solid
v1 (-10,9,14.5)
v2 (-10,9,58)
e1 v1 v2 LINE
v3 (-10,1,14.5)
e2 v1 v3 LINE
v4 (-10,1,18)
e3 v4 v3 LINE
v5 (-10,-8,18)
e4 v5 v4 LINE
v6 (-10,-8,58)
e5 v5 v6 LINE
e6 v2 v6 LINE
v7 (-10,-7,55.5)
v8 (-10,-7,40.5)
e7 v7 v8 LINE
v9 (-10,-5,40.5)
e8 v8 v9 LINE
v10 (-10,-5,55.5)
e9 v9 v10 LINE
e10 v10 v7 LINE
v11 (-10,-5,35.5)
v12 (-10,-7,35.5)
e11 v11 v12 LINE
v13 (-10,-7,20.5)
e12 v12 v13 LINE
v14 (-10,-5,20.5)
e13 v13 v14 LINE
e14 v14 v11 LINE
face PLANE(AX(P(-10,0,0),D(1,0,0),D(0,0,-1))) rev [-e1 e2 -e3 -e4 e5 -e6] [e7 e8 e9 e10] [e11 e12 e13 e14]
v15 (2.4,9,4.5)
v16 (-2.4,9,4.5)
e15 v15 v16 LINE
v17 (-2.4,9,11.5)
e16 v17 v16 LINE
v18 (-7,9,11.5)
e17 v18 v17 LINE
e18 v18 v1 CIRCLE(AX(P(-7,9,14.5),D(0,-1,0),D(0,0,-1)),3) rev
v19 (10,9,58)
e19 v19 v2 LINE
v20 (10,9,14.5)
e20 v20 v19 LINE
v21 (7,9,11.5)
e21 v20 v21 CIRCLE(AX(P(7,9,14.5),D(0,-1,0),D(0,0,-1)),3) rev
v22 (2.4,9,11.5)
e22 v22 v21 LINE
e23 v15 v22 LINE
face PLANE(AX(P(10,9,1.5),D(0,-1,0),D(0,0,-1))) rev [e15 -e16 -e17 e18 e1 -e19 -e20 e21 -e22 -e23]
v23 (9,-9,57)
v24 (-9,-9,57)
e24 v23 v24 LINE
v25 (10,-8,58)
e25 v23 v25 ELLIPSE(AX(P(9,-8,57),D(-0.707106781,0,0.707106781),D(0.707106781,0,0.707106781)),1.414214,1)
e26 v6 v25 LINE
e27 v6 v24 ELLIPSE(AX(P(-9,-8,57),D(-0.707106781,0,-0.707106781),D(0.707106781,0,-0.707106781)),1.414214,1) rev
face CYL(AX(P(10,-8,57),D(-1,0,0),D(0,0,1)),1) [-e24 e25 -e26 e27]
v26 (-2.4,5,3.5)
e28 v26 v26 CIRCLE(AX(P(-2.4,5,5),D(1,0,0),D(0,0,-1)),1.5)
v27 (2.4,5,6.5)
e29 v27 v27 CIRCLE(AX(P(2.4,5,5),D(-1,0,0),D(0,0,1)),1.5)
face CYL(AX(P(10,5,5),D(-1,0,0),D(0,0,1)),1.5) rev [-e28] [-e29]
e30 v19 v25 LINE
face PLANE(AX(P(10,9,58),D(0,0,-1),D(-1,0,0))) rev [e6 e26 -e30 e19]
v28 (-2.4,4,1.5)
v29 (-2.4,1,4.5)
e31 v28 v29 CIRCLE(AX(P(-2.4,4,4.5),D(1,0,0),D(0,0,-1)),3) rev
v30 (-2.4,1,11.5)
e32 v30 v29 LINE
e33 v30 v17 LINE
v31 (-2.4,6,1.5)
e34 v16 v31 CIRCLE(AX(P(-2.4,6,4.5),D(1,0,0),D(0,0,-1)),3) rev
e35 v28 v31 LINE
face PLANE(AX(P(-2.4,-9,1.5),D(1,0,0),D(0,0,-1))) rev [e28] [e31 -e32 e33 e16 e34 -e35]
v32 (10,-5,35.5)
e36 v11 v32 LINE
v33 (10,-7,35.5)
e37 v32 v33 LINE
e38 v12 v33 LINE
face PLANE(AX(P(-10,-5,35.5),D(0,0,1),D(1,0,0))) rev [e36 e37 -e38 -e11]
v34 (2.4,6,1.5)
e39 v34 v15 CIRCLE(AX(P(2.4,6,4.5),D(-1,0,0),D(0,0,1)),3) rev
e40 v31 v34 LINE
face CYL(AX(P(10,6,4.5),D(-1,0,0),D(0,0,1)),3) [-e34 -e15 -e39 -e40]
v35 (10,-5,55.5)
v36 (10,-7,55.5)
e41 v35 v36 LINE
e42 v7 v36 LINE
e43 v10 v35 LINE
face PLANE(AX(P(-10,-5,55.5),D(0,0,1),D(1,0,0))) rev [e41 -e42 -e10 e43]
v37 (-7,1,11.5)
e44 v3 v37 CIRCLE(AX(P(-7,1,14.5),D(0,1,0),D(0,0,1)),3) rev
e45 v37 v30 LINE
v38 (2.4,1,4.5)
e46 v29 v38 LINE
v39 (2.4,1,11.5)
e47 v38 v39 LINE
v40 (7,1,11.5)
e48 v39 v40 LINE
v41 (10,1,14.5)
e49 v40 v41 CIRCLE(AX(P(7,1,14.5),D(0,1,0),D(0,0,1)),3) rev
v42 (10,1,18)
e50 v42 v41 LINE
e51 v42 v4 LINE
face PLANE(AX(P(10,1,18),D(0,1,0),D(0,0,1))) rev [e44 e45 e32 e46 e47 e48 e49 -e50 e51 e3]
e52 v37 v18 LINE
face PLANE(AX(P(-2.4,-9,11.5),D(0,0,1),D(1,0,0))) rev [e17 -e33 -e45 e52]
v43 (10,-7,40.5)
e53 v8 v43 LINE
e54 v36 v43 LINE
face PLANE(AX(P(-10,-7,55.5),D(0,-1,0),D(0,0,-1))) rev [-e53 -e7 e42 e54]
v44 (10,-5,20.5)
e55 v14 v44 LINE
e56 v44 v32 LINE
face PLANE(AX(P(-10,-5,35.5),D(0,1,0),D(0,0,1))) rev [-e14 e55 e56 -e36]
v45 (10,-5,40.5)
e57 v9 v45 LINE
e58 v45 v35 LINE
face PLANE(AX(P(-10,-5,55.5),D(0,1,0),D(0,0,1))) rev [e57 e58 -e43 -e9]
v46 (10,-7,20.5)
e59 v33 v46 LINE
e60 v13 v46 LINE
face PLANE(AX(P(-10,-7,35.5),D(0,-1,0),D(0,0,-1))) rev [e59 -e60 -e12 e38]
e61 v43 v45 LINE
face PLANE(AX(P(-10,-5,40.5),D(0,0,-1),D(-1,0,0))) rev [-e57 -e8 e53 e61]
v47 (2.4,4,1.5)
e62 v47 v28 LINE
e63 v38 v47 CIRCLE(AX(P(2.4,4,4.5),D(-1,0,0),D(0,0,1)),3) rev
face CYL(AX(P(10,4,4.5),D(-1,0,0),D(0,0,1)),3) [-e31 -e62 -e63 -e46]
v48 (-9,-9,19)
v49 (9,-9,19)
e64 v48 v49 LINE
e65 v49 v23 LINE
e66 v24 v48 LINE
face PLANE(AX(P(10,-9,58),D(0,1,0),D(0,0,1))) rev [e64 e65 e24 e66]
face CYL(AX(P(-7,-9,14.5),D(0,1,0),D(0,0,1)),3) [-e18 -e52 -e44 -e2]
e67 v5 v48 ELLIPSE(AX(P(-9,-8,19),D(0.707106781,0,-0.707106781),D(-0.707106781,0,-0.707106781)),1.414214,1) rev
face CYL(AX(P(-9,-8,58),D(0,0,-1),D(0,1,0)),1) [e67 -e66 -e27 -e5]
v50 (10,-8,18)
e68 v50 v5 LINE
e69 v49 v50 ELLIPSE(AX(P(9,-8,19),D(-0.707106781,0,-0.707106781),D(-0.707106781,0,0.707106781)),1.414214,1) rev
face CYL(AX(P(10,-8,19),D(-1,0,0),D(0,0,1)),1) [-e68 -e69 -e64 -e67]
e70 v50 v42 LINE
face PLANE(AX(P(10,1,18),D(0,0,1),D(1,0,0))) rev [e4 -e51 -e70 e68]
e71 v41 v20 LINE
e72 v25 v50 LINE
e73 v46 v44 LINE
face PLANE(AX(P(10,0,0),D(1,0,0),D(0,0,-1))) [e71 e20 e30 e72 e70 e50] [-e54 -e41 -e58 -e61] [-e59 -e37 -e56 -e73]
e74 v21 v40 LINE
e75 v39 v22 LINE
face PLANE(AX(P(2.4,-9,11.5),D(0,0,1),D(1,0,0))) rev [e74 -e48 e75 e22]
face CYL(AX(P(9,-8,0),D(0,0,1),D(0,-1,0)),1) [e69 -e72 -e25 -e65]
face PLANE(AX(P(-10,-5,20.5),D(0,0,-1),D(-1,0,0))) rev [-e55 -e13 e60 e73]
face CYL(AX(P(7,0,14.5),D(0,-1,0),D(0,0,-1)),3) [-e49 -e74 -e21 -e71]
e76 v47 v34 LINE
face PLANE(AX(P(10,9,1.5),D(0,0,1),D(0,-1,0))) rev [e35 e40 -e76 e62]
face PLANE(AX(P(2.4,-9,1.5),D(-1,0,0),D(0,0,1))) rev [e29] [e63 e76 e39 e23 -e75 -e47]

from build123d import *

# Parameters (mm, degrees)
CROQUIS1_R                 = 1.5
SALIENTE_EXTRUIR1_DEPTH    = 10
CORTAR_EXTRUIR1_DEPTH      = 60.539902586
CORTAR_EXTRUIR1_DEPTH_BACK = 60.539902586
CROQUIS2_W                 = 7.6
CROQUIS2_H                 = 10
CORTAR_EXTRUIR4_DEPTH      = 60.539902586
CORTAR_EXTRUIR4_DEPTH_BACK = 60.539902586
CROQUIS4_W                 = 15
CROQUIS4_H                 = 2
REDONDEO2_R                = 1
REDONDEO3_R                = 3


with BuildPart() as part:
    # Croquis1 → Saliente-Extruir1 (new, symmetric)
    with BuildSketch(Plane(origin=(0, 0, 0), x_dir=(0, 0, -1), z_dir=(1, 0, 0))):
        Polygon((-1.5, 9), (-58, 9), (-58, -9), (-18, -9), (-18, 1), (-1.5, 1), align=None)
        with Locations((-5, 5)):
            Circle(CROQUIS1_R, mode=Mode.SUBTRACT)
    extrude(amount=SALIENTE_EXTRUIR1_DEPTH, both=True)

    # Croquis2 → Cortar-Extruir1 (cut, two sides: drawn at the far end of the back side and taken through both)
    with BuildSketch(Plane(origin=(0, 0, 0), x_dir=(1, 0, 0), z_dir=(0, 1, 0)).offset(-CORTAR_EXTRUIR1_DEPTH_BACK)):
        with Locations((-6.2, -6.5)):
            Rectangle(CROQUIS2_W, CROQUIS2_H)
        with Locations((6.2, -6.5)):
            Rectangle(CROQUIS2_W, CROQUIS2_H)
    extrude(amount=CORTAR_EXTRUIR1_DEPTH + CORTAR_EXTRUIR1_DEPTH_BACK, mode=Mode.SUBTRACT)

    # Croquis4 → Cortar-Extruir4 (cut, two sides: drawn at the far end of the back side and taken through both)
    with BuildSketch(Plane(origin=(0, 0, 0), x_dir=(0, 0, -1), z_dir=(1, 0, 0)).offset(-CORTAR_EXTRUIR4_DEPTH_BACK)):
        with Locations((-48, -6)):
            Rectangle(CROQUIS4_W, CROQUIS4_H)
        with Locations((-28, -6)):
            Rectangle(CROQUIS4_W, CROQUIS4_H)
    extrude(amount=CORTAR_EXTRUIR4_DEPTH + CORTAR_EXTRUIR4_DEPTH_BACK, mode=Mode.SUBTRACT)

    # Redondeo2
    redondeo2_edges = [part.edges().sort_by_distance(p)[0] for p in [
        (0, -9, 18),
        (0, -9, 58),
        (-10, -9, 38),
        (10, -9, 38),
    ]]
    fillet(redondeo2_edges, radius=REDONDEO2_R)

    # Redondeo3
    redondeo3_edges = [part.edges().sort_by_distance(p)[0] for p in [
        (0, 9, 1.5),
        (0, 1, 1.5),
        (-10, 5, 11.5),
        (10, 5, 11.5),
    ]]
    fillet(redondeo3_edges, radius=REDONDEO3_R)


solid = part.part
